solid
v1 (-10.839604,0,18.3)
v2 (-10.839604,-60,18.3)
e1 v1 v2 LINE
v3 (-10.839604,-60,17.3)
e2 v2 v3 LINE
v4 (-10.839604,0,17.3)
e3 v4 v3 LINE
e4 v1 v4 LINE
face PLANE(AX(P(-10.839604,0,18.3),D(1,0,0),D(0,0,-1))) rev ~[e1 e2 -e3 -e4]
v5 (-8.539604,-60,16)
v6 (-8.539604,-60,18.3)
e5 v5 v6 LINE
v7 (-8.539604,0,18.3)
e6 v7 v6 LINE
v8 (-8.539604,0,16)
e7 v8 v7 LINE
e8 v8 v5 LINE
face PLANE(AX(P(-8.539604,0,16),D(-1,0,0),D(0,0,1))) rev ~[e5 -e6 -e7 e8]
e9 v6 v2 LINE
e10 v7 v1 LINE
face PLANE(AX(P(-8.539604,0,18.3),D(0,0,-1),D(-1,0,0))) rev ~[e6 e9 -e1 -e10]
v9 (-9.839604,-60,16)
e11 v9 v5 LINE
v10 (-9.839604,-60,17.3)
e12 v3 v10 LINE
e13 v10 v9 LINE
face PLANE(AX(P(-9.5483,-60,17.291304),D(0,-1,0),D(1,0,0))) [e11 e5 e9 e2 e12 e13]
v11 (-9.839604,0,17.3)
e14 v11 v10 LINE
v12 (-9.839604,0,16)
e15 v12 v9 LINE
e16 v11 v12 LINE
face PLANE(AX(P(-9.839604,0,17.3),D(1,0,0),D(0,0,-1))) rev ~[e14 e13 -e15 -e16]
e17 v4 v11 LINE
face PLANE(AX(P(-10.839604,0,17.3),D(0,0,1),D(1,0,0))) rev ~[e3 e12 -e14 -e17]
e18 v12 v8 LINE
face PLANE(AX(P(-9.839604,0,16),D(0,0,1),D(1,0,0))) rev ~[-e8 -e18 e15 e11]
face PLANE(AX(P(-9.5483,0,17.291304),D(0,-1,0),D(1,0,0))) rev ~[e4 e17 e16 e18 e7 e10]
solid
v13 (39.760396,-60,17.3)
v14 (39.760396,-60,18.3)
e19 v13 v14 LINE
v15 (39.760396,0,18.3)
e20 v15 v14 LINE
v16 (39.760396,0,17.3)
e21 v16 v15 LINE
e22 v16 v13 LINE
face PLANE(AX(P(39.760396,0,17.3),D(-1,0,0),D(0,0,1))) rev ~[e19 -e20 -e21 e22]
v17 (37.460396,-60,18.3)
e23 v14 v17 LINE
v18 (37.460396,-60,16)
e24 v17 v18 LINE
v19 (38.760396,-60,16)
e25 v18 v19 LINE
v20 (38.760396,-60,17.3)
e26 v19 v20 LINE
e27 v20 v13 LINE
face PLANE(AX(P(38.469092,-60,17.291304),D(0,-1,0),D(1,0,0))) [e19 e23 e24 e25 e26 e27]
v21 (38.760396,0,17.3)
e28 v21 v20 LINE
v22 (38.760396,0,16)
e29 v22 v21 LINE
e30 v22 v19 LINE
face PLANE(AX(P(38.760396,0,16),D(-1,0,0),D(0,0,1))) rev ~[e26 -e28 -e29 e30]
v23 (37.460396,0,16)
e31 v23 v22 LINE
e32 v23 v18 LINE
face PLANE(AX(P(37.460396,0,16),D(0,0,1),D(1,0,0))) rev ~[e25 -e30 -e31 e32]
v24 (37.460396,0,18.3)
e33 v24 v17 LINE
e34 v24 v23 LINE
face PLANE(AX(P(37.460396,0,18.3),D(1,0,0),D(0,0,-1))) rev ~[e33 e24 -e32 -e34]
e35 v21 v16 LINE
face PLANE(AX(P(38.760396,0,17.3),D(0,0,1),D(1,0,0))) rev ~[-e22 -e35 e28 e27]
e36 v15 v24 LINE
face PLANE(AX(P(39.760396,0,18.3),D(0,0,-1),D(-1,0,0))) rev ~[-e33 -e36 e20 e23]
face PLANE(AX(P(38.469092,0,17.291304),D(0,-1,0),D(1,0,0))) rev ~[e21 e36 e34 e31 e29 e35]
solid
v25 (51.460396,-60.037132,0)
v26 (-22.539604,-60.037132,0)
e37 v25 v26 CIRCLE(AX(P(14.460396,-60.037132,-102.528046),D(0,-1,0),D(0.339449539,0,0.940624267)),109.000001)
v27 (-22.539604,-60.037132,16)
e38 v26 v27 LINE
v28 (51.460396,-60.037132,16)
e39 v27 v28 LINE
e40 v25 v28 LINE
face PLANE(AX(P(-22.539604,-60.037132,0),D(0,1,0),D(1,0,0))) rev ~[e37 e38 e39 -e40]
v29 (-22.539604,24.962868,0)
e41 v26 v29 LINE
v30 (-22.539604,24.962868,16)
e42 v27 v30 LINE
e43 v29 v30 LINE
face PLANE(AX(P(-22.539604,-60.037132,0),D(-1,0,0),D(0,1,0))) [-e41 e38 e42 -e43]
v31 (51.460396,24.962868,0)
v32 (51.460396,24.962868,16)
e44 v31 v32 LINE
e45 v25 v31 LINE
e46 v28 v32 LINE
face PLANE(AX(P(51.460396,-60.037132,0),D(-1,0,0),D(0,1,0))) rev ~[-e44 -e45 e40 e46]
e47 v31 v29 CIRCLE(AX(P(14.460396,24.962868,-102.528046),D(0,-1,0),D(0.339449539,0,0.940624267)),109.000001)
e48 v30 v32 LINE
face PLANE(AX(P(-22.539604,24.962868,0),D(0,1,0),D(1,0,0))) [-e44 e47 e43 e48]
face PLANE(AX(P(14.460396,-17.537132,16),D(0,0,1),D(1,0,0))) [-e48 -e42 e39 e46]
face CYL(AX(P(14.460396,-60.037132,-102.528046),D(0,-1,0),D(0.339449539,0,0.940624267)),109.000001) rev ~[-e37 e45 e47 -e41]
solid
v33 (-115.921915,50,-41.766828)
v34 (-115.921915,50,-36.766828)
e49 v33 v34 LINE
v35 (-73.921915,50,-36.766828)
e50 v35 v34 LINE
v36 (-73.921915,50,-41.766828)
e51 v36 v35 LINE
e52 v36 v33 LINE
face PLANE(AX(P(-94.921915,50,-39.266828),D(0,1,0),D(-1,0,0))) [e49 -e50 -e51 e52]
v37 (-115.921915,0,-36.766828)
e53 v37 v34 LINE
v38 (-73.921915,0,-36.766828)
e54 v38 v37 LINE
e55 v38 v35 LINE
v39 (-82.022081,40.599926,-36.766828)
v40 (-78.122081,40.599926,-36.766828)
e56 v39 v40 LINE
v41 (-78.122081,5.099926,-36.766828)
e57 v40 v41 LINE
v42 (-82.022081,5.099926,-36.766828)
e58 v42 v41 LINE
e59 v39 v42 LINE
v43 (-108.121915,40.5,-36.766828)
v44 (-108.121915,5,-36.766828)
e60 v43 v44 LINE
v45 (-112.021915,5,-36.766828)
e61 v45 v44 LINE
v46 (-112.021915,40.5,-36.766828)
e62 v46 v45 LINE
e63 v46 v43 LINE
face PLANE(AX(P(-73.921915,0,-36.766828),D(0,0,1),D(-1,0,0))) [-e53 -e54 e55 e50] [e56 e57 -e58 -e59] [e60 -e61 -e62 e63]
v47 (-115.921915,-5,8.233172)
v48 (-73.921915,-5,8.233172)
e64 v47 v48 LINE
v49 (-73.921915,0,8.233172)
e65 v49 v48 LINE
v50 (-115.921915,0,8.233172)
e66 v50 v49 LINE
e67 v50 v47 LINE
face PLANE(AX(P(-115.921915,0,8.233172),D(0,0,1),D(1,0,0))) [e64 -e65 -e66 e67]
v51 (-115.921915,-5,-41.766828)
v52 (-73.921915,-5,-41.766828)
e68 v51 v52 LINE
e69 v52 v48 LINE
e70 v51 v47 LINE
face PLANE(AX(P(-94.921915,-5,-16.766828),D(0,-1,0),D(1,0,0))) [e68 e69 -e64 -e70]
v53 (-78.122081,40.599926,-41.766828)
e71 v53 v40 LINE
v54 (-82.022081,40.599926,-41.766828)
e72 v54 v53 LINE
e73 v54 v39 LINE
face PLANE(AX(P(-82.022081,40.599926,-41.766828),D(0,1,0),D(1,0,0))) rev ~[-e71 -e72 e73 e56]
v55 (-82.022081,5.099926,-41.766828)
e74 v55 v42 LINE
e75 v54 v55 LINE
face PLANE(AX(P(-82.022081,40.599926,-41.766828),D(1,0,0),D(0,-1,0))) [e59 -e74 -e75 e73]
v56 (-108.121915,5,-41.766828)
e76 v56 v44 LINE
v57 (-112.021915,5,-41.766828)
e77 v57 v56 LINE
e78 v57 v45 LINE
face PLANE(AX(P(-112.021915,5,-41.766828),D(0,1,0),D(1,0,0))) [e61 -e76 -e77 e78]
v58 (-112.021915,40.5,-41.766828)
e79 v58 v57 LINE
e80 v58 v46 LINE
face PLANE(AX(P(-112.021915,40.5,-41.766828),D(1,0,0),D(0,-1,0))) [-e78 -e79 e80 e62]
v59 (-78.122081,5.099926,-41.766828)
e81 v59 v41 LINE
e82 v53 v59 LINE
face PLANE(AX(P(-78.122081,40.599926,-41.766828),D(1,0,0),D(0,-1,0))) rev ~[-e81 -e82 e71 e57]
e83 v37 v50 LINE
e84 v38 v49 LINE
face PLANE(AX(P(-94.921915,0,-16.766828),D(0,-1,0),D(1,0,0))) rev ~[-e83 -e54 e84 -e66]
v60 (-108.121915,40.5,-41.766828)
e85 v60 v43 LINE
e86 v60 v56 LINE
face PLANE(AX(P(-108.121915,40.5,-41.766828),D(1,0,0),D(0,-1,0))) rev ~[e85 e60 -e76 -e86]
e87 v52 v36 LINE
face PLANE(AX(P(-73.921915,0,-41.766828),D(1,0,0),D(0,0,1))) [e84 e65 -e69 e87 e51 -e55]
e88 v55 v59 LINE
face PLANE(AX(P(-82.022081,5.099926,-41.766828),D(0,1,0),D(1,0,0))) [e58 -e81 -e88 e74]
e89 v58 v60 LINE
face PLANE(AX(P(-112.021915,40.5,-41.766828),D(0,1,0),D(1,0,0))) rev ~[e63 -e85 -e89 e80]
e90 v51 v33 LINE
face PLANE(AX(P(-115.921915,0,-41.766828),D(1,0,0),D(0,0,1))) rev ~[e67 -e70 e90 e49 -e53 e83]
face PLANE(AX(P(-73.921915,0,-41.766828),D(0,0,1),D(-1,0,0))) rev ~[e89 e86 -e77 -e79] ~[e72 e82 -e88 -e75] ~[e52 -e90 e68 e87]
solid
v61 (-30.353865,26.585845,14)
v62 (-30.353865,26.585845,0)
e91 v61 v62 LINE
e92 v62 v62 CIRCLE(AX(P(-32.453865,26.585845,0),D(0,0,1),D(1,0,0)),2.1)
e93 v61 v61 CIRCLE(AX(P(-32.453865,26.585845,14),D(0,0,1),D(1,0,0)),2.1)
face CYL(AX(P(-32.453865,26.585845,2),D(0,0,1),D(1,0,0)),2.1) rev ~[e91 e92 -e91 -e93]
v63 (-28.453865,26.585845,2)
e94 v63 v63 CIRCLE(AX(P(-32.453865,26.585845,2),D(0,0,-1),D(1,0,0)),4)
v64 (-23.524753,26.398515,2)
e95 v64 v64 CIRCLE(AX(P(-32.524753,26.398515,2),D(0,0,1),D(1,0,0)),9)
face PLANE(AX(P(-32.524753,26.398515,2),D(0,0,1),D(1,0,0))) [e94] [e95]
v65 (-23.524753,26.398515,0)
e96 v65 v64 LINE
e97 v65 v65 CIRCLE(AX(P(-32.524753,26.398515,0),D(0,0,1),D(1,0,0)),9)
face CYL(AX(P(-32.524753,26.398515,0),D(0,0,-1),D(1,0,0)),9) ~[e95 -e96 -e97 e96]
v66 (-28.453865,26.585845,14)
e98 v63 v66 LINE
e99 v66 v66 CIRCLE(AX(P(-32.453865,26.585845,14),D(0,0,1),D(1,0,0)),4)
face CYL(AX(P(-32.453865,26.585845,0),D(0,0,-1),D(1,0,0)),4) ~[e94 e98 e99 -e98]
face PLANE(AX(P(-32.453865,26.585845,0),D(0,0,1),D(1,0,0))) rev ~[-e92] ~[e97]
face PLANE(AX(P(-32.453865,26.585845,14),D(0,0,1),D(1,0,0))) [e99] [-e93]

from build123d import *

# Parameters (mm, degrees)
F0_R      = 9
F2_DEPTH  = 2
F1_R      = 4
F1_R_2    = 2.1
F3_DEPTH  = 14
F3_FACE_R = 2.1
F4_DEPTH  = 2
F5_W      = 74
F5_H      = 85
F6_DEPTH  = 16
F8_DEPTH  = 85
F10_DEPTH = 60
F11_W     = 42
F11_H     = 50
F12_DEPTH = 5
F13_W     = 42
F13_H     = 5
F14_DEPTH = 50
F15_W     = 3.9
F15_H     = 35.5
F16_DEPTH = 5


with BuildPart() as f2:
    # F0 (on Top) → F2 (new body)
    with BuildSketch(Plane.XY):
        with Locations((-32.524753, 26.398515)):
            Circle(F0_R)
    extrude(amount=F2_DEPTH)

    # F1 (on Top) → F3 (join)
    with BuildSketch(Plane.XY):
        with Locations((-32.453865, 26.585845)):
            Circle(F1_R)
        with Locations((-32.453865, 26.585845)):
            Circle(F1_R_2, mode=Mode.SUBTRACT)
    extrude(amount=F3_DEPTH)

    # F3_face (on face) → F4 (cut)
    with BuildSketch(Plane(origin=(-32.453865, 26.585845, 2), x_dir=(1, 0, 0), z_dir=(0, 0, 1))):
        Circle(F3_FACE_R)
    extrude(amount=-F4_DEPTH, mode=Mode.SUBTRACT)


with BuildPart() as f6:
    # F5 (on Top) → F6 (new body)
    with BuildSketch(Plane.XY):
        with Locations((14.460396, -17.537132)):
            Rectangle(F5_W, F5_H)
    extrude(amount=F6_DEPTH)

    # F7 (on face) → F8 (cut)
    with BuildSketch(Plane.XZ.offset(60.037132)):
        with BuildLine():
            Line((-22.539604, 0), (51.460396, 0))
            ThreePointArc((51.460396, 0), (14.460396, 6.471955), (-22.539604, 0))
        make_face()
    extrude(amount=-F8_DEPTH, mode=Mode.SUBTRACT)


with BuildPart() as f10:
    # F9 (on Front) → F10 (new body)
    with BuildSketch(Plane.XZ):
        Polygon((-9.839604, 16), (-8.539604, 16), (-8.539604, 18.3), (-10.839604, 18.3), (-10.839604, 17.3), (-9.839604, 17.3), align=None)
        Polygon((37.460396, 18.3), (37.460396, 16), (38.760396, 16), (38.760396, 17.3), (39.760396, 17.3), (39.760396, 18.3), align=None)
    extrude(amount=F10_DEPTH)


with BuildPart() as f12:
    # F11 (on Front) → F12 (new body)
    with BuildSketch(Plane.XZ):
        with Locations((-94.921915, -16.766828)):
            Rectangle(F11_W, F11_H)
    extrude(amount=F12_DEPTH)

    # F13 (on face) → F14 (join)
    with BuildSketch(Plane(origin=(0, 0, 0), x_dir=(-1, 0, 0), z_dir=(0, 1, 0))):
        with Locations((94.921915, -39.266828)):
            Rectangle(F13_W, F13_H)
    extrude(amount=F14_DEPTH)

    # F15 (on face) → F16 (cut)
    with BuildSketch(Plane(origin=(0, 0, -41.766828), x_dir=(1, 0, 0), z_dir=(0, 0, -1))):
        with Locations((-110.071915, -22.75)):
            Rectangle(F15_W, F15_H)
        with Locations((-80.072081, -22.849926)):
            Rectangle(F15_W, F15_H)
    extrude(amount=-F16_DEPTH, mode=Mode.SUBTRACT)


solid = Compound([f2.part, f6.part, f10.part, f12.part])
